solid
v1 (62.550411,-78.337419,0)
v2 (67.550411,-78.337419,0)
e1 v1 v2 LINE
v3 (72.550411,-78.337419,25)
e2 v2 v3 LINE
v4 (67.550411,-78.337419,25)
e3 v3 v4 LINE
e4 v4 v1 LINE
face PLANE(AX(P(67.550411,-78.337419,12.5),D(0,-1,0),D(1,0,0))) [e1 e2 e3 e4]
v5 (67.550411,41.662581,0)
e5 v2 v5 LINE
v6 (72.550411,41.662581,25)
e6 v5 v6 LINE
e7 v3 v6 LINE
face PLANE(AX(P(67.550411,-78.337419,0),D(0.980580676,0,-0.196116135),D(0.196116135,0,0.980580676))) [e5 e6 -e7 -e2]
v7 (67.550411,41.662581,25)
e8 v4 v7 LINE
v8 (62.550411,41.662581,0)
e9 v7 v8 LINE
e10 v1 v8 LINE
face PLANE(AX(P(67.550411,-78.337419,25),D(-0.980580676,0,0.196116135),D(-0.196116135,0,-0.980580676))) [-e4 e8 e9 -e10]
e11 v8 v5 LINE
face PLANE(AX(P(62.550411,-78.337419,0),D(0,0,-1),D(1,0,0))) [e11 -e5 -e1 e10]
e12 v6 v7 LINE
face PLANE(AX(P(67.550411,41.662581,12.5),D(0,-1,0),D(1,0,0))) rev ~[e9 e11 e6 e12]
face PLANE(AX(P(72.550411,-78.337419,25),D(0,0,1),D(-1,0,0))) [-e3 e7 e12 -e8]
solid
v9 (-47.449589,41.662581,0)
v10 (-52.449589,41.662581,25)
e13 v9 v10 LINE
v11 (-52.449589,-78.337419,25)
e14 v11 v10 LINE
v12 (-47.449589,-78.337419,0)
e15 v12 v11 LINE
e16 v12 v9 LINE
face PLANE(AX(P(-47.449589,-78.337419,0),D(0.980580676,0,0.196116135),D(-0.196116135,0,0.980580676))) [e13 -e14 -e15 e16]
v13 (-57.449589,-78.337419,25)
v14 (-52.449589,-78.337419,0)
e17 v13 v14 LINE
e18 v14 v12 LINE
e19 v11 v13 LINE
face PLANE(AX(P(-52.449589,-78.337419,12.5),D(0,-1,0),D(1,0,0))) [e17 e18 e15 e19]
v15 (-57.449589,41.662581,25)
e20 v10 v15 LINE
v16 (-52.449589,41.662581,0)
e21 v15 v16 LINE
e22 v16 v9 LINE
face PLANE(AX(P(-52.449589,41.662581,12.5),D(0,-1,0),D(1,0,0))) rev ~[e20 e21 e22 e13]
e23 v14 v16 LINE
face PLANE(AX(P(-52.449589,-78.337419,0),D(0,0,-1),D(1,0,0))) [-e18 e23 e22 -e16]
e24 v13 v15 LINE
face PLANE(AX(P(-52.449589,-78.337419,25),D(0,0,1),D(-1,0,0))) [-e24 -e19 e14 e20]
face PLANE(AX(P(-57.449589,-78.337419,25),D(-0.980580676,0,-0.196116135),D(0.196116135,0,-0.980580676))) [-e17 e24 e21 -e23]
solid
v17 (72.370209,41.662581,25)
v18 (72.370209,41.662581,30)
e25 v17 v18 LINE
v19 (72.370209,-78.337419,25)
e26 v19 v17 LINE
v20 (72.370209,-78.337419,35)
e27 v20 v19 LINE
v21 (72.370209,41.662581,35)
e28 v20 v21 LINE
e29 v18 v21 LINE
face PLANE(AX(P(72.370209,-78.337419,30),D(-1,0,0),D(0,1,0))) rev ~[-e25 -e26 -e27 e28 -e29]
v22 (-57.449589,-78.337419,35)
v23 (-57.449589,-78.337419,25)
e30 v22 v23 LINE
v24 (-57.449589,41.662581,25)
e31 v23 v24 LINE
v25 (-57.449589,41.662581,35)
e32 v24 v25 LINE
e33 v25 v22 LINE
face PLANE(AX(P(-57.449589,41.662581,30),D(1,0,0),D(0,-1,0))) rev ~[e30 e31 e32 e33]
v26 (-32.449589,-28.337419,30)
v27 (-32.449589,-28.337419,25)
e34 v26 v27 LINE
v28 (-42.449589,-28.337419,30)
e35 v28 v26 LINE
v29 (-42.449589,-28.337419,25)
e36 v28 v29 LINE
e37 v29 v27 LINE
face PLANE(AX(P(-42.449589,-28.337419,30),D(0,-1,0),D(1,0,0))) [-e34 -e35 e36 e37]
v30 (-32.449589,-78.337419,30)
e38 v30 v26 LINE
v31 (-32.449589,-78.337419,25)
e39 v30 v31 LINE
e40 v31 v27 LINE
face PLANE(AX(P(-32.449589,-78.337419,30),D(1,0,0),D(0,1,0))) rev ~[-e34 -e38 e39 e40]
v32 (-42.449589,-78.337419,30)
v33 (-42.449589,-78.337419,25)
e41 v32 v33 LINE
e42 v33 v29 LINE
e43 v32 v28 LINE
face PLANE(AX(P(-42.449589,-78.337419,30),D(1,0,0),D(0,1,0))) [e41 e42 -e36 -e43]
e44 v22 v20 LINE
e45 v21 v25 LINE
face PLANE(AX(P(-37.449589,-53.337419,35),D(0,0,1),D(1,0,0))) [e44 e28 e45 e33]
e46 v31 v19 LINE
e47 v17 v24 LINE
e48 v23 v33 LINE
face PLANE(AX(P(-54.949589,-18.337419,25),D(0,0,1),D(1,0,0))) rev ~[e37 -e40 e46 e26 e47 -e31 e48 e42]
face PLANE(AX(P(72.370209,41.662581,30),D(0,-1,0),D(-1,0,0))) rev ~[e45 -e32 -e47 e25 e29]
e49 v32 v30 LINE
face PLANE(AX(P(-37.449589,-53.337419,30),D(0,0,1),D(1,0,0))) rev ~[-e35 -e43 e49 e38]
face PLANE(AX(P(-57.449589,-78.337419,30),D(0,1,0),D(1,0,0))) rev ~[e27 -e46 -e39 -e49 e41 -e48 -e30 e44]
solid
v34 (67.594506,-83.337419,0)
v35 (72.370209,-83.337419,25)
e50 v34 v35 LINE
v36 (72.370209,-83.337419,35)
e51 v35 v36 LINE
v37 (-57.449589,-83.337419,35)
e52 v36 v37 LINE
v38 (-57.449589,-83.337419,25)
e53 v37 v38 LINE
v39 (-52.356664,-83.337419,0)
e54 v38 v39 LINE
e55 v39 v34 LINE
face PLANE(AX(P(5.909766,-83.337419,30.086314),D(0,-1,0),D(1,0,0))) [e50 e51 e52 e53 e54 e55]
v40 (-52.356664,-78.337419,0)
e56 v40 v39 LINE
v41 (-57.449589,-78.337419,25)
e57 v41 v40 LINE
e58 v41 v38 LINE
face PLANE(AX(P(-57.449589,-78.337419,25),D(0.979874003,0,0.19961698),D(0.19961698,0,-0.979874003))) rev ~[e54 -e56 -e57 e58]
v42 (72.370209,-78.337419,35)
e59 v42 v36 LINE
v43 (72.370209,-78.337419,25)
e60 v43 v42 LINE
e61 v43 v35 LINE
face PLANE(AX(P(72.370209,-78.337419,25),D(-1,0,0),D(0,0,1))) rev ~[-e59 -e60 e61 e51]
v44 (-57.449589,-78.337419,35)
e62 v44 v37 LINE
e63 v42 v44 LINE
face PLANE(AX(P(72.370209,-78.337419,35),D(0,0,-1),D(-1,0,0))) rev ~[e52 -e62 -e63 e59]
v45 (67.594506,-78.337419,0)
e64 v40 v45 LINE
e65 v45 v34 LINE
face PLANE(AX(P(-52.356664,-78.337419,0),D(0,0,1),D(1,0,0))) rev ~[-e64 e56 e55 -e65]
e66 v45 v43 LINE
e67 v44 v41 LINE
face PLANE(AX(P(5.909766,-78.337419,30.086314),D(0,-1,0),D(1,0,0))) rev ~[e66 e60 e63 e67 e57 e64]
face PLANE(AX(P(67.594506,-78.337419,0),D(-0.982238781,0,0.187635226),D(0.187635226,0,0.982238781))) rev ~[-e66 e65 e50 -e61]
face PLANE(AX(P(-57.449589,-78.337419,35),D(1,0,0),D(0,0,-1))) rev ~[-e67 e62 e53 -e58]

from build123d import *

# Parameters (mm, degrees)
F0_W      = 110
F0_H      = 120
F1_DEPTH  = 25
F2_W      = 110
F2_H      = 25
F3_DEPTH  = 120
F5_DEPTH  = 120
F6_DEPTH  = 120
F7_W      = 5
F7_H      = 120
F7_W_2    = 124.8197975755
F8_DEPTH  = 5
F9_W      = 10
F9_H      = 50
F10_DEPTH = 25
F11_W     = 10
F11_H     = 50
F12_DEPTH = 5
F14_DEPTH = 5


with BuildPart() as f1:
    # F0 (on Top) → F1 (new body)
    with BuildSketch(Plane.XY):
        with Locations((7.5504112244, -18.337418735)):
            Rectangle(F0_W, F0_H)
    extrude(amount=F1_DEPTH)

    # F2 (on face) → F3 (join)
    with BuildSketch(Plane.XZ.offset(78.337418735)):
        Polygon((-47.4495887756, 0), (-47.4495887756, 25), (-52.4495887756, 25), align=None)
        with Locations((7.5504112244, 12.5)):
            Rectangle(F2_W, F2_H)
        Polygon((67.5504112244, 25), (62.5504112244, 25), (62.5504112244, 0), align=None)
    extrude(amount=-F3_DEPTH)

    # F6 (cut): a face of the model
    f6_faces = [f1.faces().sort_by_distance(p)[0] for p in [
        (7.5504112244, -78.337418735, 12.6811594203),
    ]]
    extrude(f6_faces, amount=-F6_DEPTH, mode=Mode.SUBTRACT)


with BuildPart() as f5:
    # F4 (on face) → F5 (new body)
    with BuildSketch(Plane.XZ.offset(78.337418735)):
        Polygon((67.5504112244, 25), (62.5504112244, 0), (67.5504112244, 0), (72.5504112244, 25), align=None)
    extrude(amount=-F5_DEPTH)


with BuildPart() as f5b:
    # F4 (on face) → F5, piece 2 (new body)
    with BuildSketch(Plane.XZ.offset(78.337418735)):
        Polygon((-52.4495887756, 0), (-47.4495887756, 0), (-52.4495887756, 25), (-57.4495887756, 25), align=None)
    extrude(amount=-F5_DEPTH)


with BuildPart() as f8:
    # F7 (on face) → F8 (new body)
    with BuildSketch(Plane.XY.offset(25)):
        with Locations((-54.9495887756, -18.337418735)):
            Rectangle(F7_W, F7_H)
        with Locations((9.9603100121, -18.337418735)):
            Rectangle(F7_W_2, F7_H)
    extrude(amount=F8_DEPTH)

    # F9 (on face) → F10 (cut)
    with BuildSketch(Plane.XY.offset(30)):
        with Locations((-37.4495887756, -53.337418735)):
            Rectangle(F9_W, F9_H)
    extrude(amount=-F10_DEPTH, mode=Mode.SUBTRACT)

    # F11 (on face) → F12 (join)
    with BuildSketch(Plane.XY.offset(30)):
        with Locations((-37.4495887756, -53.337418735)):
            Rectangle(F11_W, F11_H)
        Polygon((-57.4495887756, 41.662581265), (-57.4495887756, -78.337418735), (-42.4495887756, -78.337418735), (-42.4495887756, -28.337418735), (-32.4495887756, -28.337418735), (-32.4495887756, -78.337418735), (72.3702087998, -78.337418735), (72.3702087998, 41.662581265), align=None)
    extrude(amount=F12_DEPTH)


with BuildPart() as f14:
    # F13 (on face) → F14 (new body)
    with BuildSketch(Plane.XZ.offset(78.337418735)):
        Polygon((72.3702087998, 35), (-57.4495887756, 35), (-57.4495887756, 25), (-42.4495887756, 25), (-42.4495887756, 30), (-32.4495887756, 30), (-32.4495887756, 25), (72.3702087998, 25), align=None)
        Polygon((-42.4495887756, 25), (-57.4495887756, 25), (-52.3566640913, 0), (67.5945058465, 0), (72.3702087998, 25), (-32.4495887756, 25), (-32.4495887756, 30), (-42.4495887756, 30), align=None)
    extrude(amount=F14_DEPTH)


solid = Compound([f5.part, f5b.part, f8.part, f14.part])
